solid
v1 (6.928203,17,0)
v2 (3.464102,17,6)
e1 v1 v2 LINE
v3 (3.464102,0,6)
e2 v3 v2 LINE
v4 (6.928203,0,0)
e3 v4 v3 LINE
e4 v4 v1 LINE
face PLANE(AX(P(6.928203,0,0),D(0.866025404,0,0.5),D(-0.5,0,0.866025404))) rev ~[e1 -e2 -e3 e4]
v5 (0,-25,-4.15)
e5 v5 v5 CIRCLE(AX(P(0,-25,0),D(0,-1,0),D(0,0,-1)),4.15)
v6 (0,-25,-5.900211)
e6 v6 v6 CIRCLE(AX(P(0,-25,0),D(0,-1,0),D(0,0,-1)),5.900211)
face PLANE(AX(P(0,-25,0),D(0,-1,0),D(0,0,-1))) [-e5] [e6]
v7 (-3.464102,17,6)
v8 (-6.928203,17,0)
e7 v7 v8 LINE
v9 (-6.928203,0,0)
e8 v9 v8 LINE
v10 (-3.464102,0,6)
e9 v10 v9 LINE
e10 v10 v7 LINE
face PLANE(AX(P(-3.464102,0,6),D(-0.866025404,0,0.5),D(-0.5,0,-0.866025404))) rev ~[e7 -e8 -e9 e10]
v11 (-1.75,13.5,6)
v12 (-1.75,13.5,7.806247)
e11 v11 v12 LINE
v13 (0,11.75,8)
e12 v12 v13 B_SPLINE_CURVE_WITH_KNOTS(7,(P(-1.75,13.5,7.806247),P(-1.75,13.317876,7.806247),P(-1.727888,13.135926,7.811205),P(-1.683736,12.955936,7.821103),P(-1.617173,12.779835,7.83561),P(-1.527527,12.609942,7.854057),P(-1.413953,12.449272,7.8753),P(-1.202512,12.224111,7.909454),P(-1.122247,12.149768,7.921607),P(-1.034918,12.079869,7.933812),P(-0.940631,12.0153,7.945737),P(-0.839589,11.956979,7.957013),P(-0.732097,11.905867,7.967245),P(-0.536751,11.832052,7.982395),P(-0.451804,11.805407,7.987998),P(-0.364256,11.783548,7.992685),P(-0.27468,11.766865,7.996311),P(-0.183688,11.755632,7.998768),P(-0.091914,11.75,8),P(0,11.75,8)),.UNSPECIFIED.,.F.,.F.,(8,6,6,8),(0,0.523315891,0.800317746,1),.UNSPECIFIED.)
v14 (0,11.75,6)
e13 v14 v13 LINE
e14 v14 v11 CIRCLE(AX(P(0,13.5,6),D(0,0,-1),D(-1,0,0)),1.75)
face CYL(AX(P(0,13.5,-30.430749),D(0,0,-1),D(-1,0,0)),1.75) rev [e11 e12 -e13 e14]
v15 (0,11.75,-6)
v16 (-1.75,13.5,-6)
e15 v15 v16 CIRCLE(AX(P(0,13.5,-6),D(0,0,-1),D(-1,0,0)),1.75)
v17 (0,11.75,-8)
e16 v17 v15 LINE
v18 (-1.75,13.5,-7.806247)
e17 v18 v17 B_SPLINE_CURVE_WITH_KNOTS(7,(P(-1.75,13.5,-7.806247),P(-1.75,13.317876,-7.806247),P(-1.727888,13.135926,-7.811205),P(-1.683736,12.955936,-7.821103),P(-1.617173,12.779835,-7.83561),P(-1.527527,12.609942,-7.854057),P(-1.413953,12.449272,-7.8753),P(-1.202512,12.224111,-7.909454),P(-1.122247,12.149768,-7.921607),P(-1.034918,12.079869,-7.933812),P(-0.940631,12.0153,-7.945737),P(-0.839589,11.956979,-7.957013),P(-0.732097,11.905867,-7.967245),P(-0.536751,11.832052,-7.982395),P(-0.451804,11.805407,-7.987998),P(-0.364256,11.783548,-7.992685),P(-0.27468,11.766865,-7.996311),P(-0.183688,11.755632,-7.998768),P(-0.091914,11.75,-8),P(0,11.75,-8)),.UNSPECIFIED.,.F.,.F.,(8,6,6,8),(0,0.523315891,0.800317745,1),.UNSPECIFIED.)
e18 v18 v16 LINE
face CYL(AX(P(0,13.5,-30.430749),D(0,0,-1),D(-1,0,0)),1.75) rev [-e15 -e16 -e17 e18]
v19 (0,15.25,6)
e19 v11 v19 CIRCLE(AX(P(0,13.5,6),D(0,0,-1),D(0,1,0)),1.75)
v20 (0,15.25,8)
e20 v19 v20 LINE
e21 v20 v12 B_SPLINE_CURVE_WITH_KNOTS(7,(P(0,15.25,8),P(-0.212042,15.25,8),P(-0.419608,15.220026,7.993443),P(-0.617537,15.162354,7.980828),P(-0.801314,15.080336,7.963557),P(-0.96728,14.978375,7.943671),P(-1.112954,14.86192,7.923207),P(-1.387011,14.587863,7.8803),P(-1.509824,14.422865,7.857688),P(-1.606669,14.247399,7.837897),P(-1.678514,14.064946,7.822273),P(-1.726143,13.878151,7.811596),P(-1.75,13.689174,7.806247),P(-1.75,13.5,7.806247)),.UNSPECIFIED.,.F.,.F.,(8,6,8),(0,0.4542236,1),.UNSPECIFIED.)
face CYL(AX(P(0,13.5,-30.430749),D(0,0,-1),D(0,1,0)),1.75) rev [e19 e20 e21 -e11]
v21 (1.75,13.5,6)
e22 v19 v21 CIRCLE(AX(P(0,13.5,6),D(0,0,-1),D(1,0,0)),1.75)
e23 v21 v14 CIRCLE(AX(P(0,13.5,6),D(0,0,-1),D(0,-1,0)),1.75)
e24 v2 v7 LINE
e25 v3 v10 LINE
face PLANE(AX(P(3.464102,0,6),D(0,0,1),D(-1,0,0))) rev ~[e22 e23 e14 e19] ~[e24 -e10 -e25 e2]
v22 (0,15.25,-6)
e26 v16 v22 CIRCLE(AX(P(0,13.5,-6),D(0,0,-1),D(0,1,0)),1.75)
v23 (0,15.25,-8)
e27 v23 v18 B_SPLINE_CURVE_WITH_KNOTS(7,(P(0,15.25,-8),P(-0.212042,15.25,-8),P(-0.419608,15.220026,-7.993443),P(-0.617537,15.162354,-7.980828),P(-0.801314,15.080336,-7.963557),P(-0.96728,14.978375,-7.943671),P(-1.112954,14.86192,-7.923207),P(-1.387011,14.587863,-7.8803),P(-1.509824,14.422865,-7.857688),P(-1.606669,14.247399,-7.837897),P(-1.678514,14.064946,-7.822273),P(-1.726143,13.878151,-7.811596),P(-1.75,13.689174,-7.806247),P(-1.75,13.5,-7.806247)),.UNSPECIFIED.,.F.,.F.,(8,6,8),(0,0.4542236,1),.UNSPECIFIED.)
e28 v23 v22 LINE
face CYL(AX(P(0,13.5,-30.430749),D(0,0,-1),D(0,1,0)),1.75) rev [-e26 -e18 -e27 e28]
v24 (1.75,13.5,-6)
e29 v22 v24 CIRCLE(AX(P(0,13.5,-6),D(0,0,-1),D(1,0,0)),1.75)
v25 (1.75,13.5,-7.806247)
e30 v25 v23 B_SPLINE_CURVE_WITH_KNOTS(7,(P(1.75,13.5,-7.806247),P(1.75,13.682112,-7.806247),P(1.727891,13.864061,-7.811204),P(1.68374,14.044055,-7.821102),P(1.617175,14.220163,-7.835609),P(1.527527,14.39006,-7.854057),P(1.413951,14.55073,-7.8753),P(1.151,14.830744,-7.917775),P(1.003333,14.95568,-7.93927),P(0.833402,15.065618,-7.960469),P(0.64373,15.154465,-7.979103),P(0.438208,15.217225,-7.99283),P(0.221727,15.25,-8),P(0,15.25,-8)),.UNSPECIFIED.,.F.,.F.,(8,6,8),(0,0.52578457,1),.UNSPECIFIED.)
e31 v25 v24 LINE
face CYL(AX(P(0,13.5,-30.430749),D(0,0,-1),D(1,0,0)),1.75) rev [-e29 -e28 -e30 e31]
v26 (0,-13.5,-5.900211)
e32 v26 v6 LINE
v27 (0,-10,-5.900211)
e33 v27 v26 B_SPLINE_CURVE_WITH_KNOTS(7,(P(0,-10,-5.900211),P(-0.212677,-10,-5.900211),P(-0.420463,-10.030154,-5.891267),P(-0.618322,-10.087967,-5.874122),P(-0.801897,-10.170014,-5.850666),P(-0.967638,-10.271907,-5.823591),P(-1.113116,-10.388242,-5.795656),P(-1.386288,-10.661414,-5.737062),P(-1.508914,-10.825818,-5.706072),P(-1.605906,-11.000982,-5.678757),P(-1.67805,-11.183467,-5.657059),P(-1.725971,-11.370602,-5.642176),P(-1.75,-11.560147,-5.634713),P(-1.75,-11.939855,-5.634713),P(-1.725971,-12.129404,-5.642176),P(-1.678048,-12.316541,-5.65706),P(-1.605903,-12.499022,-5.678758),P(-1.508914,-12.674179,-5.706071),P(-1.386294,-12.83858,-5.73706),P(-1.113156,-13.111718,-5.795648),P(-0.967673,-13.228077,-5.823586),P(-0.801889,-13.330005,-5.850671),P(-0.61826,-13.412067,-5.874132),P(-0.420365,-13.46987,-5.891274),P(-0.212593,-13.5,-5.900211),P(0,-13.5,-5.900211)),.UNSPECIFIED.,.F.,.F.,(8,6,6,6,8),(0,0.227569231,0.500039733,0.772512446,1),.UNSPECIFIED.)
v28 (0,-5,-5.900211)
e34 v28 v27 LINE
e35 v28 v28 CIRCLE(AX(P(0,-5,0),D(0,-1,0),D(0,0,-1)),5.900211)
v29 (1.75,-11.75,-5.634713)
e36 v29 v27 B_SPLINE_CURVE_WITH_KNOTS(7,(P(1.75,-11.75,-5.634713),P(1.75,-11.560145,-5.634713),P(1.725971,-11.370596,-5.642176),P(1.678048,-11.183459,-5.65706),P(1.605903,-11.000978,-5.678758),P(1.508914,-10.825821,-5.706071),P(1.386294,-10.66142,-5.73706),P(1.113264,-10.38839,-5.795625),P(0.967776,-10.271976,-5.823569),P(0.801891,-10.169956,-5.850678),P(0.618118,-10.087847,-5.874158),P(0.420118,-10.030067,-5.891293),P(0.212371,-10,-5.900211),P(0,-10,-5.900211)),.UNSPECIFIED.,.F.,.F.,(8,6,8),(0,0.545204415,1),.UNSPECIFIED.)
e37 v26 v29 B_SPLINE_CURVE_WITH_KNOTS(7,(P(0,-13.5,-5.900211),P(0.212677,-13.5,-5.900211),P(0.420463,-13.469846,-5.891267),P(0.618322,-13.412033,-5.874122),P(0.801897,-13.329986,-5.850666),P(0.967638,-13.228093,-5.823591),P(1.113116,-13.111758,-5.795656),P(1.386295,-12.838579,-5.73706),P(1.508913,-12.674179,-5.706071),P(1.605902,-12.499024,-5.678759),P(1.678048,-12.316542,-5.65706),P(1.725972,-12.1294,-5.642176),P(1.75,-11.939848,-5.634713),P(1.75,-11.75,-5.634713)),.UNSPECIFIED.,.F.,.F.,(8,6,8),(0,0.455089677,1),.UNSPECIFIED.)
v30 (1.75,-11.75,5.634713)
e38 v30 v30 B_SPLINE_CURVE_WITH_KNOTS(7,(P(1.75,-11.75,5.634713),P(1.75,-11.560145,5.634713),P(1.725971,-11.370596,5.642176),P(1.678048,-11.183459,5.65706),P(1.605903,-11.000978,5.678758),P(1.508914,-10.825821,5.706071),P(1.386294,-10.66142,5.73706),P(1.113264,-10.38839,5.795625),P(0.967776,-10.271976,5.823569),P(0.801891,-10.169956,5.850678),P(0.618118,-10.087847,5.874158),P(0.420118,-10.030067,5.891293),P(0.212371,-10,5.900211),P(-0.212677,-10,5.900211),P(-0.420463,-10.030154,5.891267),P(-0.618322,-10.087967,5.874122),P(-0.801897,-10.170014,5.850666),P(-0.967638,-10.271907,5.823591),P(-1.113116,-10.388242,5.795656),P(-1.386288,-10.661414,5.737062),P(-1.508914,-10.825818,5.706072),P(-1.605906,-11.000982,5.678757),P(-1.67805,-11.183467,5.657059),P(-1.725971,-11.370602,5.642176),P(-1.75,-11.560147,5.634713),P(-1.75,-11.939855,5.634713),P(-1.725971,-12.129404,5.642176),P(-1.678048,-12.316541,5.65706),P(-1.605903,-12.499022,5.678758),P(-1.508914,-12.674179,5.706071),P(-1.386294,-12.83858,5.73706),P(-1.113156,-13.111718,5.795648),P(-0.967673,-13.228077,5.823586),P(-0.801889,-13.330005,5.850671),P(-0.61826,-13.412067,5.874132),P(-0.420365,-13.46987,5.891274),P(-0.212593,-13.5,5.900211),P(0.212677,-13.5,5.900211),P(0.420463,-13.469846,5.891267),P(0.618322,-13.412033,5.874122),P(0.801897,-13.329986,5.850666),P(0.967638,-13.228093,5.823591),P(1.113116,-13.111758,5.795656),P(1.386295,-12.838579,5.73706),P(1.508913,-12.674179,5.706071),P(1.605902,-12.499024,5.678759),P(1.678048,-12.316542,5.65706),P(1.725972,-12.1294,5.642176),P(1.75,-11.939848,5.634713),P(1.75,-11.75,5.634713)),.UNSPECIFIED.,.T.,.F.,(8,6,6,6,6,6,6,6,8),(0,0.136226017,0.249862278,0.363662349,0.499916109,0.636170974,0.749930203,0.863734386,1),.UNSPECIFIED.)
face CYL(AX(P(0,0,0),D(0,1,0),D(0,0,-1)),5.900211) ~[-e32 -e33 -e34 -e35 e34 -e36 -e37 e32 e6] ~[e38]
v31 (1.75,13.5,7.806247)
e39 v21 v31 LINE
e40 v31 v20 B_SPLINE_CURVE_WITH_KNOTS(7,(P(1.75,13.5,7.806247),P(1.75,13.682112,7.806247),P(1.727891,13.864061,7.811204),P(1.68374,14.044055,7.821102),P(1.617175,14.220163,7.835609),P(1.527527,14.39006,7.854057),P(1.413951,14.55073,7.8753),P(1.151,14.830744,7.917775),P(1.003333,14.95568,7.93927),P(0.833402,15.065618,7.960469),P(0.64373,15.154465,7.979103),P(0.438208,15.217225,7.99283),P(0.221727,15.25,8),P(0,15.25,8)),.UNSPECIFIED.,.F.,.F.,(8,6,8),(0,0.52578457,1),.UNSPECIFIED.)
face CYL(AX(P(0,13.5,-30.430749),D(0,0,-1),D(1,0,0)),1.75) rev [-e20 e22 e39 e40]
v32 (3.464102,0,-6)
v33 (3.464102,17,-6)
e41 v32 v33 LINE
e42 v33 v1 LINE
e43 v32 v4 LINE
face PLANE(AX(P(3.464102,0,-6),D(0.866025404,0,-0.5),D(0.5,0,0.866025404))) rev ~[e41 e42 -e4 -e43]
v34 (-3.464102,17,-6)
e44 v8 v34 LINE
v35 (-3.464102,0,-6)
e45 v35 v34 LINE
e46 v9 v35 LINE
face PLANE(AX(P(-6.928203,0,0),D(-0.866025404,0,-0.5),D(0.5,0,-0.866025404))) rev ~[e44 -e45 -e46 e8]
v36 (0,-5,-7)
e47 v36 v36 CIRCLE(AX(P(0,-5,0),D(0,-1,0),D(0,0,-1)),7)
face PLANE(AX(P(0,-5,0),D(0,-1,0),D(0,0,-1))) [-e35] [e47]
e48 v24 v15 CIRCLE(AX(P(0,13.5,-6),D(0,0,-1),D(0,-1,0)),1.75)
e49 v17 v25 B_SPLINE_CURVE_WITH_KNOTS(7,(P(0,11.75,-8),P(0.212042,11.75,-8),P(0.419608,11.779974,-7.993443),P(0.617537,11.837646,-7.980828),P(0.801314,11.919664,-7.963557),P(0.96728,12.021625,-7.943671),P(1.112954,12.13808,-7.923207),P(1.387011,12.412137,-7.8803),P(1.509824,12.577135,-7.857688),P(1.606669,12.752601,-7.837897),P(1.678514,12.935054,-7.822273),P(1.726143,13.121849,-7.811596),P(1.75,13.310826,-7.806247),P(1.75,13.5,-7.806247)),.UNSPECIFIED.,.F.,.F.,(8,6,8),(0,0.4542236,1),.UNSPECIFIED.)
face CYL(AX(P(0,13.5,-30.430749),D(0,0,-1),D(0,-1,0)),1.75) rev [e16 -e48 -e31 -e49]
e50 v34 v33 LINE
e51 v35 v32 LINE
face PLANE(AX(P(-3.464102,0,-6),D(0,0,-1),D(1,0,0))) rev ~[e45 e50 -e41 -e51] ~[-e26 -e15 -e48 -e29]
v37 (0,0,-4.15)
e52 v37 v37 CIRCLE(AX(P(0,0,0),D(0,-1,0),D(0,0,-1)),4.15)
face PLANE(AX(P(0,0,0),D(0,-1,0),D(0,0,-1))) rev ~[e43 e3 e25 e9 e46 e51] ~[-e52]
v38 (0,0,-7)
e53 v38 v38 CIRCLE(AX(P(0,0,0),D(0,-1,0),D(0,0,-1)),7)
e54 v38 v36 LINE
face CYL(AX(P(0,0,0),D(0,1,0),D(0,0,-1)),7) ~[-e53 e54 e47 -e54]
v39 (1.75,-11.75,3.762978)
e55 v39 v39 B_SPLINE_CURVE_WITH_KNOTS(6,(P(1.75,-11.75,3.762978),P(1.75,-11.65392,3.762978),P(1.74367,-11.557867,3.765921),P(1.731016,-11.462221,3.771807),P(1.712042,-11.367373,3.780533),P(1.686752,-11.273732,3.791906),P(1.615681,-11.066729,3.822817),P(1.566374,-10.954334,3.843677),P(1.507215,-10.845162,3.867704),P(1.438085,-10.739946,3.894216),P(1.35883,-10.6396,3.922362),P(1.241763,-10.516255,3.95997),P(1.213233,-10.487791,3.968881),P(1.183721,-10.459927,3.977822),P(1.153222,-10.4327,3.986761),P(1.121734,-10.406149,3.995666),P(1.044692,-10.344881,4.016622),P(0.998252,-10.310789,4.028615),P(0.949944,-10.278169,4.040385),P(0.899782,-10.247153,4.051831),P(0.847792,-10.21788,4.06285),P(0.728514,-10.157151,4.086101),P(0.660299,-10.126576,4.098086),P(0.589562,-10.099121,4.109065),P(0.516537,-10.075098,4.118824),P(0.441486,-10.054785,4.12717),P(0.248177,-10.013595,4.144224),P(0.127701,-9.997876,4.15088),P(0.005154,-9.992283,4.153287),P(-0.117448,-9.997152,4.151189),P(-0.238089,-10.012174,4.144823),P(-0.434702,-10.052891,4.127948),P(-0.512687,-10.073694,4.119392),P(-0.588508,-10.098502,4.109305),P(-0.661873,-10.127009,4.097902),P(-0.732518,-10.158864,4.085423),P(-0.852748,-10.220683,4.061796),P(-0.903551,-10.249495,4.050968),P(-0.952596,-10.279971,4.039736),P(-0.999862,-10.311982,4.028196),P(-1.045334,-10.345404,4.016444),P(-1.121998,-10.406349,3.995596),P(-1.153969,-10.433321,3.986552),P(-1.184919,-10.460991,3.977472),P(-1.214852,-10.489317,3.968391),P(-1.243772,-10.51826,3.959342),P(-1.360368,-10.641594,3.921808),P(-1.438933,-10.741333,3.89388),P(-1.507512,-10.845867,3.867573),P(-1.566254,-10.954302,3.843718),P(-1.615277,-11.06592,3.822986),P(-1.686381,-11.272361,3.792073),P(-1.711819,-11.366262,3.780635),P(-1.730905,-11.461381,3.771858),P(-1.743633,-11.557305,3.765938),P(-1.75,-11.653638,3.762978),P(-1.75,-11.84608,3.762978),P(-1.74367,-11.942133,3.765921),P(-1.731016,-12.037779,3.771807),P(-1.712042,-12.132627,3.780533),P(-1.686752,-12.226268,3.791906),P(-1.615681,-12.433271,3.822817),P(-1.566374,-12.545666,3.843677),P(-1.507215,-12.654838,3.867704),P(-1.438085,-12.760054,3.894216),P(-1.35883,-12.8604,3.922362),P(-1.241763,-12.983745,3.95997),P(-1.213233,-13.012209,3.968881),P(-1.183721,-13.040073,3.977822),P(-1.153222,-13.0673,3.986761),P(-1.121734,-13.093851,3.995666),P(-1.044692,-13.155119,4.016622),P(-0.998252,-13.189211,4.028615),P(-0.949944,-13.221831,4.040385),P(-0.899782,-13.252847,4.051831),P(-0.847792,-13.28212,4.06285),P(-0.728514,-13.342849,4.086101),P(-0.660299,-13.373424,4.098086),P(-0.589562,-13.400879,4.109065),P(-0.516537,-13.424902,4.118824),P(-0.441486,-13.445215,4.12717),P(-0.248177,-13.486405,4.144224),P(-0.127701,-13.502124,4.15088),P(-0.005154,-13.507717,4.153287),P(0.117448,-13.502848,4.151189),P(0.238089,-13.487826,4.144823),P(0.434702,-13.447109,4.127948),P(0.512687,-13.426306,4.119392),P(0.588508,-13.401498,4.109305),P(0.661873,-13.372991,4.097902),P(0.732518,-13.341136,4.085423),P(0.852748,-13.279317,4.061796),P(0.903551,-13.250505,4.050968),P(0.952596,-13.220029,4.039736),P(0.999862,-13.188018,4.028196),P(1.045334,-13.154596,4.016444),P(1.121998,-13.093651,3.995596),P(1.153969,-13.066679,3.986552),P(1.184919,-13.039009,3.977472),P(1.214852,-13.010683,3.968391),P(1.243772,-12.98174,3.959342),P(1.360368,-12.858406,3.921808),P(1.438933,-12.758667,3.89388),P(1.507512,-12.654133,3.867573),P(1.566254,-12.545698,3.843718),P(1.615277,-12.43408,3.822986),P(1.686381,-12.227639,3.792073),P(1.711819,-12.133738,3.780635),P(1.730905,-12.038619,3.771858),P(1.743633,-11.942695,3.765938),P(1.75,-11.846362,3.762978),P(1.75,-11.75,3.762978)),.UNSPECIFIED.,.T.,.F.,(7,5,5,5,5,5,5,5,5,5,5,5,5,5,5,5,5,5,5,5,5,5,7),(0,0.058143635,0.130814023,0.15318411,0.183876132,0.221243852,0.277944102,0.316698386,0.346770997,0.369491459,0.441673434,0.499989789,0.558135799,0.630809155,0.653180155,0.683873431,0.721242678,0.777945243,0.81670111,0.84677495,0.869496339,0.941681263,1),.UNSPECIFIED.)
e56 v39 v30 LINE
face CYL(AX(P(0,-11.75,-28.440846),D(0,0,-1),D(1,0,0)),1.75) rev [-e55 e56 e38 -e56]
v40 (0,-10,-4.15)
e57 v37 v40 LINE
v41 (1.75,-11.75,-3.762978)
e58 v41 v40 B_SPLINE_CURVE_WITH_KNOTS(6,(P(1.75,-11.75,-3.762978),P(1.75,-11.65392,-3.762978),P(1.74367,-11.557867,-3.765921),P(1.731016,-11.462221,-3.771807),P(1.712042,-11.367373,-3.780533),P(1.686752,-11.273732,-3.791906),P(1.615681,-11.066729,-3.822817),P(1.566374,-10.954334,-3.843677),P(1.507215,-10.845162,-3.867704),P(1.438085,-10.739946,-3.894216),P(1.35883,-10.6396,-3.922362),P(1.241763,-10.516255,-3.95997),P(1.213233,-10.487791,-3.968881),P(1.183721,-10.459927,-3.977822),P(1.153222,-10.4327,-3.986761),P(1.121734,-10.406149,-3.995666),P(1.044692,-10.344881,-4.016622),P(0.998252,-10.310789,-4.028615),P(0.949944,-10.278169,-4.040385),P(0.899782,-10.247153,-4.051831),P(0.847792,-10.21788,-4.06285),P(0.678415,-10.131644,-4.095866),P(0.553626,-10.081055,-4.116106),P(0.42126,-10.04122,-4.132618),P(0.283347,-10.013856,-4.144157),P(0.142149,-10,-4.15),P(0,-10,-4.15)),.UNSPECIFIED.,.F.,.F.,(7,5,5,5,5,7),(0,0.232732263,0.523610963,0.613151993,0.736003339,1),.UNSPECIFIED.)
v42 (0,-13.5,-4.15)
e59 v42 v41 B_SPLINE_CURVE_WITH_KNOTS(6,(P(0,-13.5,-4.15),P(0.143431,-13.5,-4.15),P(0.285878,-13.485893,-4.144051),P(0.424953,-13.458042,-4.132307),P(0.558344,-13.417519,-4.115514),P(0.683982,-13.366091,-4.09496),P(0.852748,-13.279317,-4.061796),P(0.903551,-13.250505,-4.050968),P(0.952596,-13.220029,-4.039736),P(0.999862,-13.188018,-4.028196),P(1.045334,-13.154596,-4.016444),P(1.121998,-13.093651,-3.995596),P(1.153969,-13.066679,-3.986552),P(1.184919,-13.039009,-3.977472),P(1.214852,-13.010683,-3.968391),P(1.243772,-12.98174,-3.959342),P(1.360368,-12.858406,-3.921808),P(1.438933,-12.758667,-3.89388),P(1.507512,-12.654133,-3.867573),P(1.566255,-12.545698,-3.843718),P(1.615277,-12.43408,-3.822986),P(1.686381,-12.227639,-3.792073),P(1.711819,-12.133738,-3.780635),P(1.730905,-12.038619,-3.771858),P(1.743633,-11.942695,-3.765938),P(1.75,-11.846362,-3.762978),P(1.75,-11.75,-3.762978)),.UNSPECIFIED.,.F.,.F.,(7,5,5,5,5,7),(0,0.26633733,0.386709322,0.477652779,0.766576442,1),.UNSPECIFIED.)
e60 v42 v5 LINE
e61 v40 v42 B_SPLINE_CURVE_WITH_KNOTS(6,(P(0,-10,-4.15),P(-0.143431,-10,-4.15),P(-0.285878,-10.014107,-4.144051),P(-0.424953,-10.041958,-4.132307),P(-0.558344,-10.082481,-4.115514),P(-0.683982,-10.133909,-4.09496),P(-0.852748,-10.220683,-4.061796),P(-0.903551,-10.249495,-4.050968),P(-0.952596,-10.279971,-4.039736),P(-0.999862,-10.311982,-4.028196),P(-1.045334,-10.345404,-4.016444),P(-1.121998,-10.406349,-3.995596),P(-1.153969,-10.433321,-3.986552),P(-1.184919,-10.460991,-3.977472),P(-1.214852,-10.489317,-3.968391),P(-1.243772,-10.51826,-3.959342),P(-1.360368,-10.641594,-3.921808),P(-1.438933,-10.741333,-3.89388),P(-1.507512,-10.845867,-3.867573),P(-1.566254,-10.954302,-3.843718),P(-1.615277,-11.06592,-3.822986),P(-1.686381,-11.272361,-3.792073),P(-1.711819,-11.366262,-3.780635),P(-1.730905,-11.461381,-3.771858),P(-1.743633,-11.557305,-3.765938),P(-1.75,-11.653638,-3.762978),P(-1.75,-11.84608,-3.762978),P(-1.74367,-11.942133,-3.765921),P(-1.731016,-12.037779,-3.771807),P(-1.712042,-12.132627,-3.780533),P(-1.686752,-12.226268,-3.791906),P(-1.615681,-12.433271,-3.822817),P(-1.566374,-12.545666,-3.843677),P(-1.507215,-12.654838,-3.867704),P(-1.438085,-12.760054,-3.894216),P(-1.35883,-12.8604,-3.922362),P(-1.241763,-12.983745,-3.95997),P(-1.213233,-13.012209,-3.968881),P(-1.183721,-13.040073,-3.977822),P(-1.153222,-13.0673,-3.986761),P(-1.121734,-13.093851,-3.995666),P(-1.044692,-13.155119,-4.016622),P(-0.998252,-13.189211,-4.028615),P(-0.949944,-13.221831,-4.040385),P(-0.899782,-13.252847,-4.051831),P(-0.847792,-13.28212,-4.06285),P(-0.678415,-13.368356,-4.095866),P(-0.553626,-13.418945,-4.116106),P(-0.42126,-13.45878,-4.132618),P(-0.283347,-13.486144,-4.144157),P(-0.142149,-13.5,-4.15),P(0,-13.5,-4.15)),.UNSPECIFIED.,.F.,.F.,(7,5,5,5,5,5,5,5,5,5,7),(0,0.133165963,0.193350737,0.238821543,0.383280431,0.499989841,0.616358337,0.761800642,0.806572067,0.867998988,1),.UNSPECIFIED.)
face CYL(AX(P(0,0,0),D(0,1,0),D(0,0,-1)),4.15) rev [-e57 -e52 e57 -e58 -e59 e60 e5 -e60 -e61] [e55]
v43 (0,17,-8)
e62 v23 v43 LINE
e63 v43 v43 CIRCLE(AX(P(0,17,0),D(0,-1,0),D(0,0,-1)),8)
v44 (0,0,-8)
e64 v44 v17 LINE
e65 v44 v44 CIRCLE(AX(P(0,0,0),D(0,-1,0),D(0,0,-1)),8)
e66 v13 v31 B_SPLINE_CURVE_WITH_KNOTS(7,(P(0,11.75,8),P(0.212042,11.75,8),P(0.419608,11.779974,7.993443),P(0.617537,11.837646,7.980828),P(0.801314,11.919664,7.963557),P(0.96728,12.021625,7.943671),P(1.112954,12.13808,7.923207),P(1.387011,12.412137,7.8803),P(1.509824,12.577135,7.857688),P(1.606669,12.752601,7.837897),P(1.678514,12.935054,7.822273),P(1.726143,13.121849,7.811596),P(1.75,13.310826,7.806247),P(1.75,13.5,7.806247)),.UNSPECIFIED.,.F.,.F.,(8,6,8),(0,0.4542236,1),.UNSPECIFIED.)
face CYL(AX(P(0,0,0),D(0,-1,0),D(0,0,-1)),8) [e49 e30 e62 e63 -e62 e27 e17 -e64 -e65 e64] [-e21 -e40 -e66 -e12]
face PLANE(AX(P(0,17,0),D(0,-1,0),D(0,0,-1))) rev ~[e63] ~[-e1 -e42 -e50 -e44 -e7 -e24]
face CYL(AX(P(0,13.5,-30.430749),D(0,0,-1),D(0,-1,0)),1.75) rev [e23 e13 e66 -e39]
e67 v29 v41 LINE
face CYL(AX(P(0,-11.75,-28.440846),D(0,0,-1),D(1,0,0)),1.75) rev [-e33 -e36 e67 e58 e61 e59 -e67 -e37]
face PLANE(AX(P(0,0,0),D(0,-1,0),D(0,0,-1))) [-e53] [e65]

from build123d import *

# Parameters (mm, degrees)
SKETCH1_R               = 8
BOSS_EXTRUDE1_DEPTH     = 17
CUT_EXTRUDE2_DEPTH      = 24.430749028
CUT_EXTRUDE2_DEPTH_BACK = 24.430749028
SKETCH3_R               = 5.900211262
SKETCH3_R_2             = 4.15
BOSS_EXTRUDE2_DEPTH     = 25
CUT_EXTRUDE3_DEPTH      = 28.440845526
CUT_EXTRUDE3_DEPTH_BACK = 28.440845526
SKETCH4_R               = 1.75
SKETCH5_R               = 7
SKETCH5_R_2             = 5.900211262
BOSS_EXTRUDE3_DEPTH     = 5


with BuildPart() as part:
    # Sketch1 → Boss-Extrude1 (new body)
    with BuildSketch(Plane.XZ):
        with Locations(Location((0, 0, 0), (0, 0, 270))):
            Circle(SKETCH1_R)
        Polygon((6.92820323, 0), (3.464101615, 6), (-3.464101615, 6), (-6.92820323, 0), (-3.464101615, -6), (3.464101615, -6), align=None, mode=Mode.SUBTRACT)
    extrude(amount=-BOSS_EXTRUDE1_DEPTH)

    # Sketch2 → Cut-Extrude2 (cut, two sides: drawn at the far end of the back side and taken through both)
    with BuildSketch(Plane.XY.offset(-6).offset(-CUT_EXTRUDE2_DEPTH_BACK)):
        with BuildLine():
            ThreePointArc((-1.75, 13.5), (-1.237436867, 12.262563133), (0, 11.75))
            ThreePointArc((0, 11.75), (1.237436867, 12.262563133), (1.75, 13.5))
            ThreePointArc((1.75, 13.5), (1.237436867, 14.737436867), (0, 15.25))
            ThreePointArc((0, 15.25), (-1.237436867, 14.737436867), (-1.75, 13.5))
        make_face()
    extrude(amount=CUT_EXTRUDE2_DEPTH + CUT_EXTRUDE2_DEPTH_BACK, mode=Mode.SUBTRACT)



with BuildPart() as body_2:
    # Sketch3 → Boss-Extrude2 (new body)
    with BuildSketch(Plane.XZ):
        with Locations(Location((0, 0, 0), (0, 0, 270))):
            Circle(SKETCH3_R)
        with Locations(Location((0, 0, 0), (0, 0, 270))):
            Circle(SKETCH3_R_2, mode=Mode.SUBTRACT)
    extrude(amount=BOSS_EXTRUDE2_DEPTH)

    # Sketch4 → Cut-Extrude3 (cut, two sides: drawn at the far end of the back side and taken through both)
    with BuildSketch(Plane.XY.offset(-CUT_EXTRUDE3_DEPTH_BACK)):
        with Locations((0, -11.75)):
            Circle(SKETCH4_R)
    extrude(amount=CUT_EXTRUDE3_DEPTH + CUT_EXTRUDE3_DEPTH_BACK, mode=Mode.SUBTRACT)


with BuildPart() as part_1:
    add(part.part)

    add(body_2.part)  # Boss-Extrude3 merges body 2
    # Sketch5 → Boss-Extrude3 (add)
    with BuildSketch(Plane.XZ):
        with Locations(Location((0, 0, 0), (0, 0, 270))):
            Circle(SKETCH5_R)
        with Locations(Location((0, 0, 0), (0, 0, 270))):
            Circle(SKETCH5_R_2, mode=Mode.SUBTRACT)
    extrude(amount=BOSS_EXTRUDE3_DEPTH)


solid = part_1.part
